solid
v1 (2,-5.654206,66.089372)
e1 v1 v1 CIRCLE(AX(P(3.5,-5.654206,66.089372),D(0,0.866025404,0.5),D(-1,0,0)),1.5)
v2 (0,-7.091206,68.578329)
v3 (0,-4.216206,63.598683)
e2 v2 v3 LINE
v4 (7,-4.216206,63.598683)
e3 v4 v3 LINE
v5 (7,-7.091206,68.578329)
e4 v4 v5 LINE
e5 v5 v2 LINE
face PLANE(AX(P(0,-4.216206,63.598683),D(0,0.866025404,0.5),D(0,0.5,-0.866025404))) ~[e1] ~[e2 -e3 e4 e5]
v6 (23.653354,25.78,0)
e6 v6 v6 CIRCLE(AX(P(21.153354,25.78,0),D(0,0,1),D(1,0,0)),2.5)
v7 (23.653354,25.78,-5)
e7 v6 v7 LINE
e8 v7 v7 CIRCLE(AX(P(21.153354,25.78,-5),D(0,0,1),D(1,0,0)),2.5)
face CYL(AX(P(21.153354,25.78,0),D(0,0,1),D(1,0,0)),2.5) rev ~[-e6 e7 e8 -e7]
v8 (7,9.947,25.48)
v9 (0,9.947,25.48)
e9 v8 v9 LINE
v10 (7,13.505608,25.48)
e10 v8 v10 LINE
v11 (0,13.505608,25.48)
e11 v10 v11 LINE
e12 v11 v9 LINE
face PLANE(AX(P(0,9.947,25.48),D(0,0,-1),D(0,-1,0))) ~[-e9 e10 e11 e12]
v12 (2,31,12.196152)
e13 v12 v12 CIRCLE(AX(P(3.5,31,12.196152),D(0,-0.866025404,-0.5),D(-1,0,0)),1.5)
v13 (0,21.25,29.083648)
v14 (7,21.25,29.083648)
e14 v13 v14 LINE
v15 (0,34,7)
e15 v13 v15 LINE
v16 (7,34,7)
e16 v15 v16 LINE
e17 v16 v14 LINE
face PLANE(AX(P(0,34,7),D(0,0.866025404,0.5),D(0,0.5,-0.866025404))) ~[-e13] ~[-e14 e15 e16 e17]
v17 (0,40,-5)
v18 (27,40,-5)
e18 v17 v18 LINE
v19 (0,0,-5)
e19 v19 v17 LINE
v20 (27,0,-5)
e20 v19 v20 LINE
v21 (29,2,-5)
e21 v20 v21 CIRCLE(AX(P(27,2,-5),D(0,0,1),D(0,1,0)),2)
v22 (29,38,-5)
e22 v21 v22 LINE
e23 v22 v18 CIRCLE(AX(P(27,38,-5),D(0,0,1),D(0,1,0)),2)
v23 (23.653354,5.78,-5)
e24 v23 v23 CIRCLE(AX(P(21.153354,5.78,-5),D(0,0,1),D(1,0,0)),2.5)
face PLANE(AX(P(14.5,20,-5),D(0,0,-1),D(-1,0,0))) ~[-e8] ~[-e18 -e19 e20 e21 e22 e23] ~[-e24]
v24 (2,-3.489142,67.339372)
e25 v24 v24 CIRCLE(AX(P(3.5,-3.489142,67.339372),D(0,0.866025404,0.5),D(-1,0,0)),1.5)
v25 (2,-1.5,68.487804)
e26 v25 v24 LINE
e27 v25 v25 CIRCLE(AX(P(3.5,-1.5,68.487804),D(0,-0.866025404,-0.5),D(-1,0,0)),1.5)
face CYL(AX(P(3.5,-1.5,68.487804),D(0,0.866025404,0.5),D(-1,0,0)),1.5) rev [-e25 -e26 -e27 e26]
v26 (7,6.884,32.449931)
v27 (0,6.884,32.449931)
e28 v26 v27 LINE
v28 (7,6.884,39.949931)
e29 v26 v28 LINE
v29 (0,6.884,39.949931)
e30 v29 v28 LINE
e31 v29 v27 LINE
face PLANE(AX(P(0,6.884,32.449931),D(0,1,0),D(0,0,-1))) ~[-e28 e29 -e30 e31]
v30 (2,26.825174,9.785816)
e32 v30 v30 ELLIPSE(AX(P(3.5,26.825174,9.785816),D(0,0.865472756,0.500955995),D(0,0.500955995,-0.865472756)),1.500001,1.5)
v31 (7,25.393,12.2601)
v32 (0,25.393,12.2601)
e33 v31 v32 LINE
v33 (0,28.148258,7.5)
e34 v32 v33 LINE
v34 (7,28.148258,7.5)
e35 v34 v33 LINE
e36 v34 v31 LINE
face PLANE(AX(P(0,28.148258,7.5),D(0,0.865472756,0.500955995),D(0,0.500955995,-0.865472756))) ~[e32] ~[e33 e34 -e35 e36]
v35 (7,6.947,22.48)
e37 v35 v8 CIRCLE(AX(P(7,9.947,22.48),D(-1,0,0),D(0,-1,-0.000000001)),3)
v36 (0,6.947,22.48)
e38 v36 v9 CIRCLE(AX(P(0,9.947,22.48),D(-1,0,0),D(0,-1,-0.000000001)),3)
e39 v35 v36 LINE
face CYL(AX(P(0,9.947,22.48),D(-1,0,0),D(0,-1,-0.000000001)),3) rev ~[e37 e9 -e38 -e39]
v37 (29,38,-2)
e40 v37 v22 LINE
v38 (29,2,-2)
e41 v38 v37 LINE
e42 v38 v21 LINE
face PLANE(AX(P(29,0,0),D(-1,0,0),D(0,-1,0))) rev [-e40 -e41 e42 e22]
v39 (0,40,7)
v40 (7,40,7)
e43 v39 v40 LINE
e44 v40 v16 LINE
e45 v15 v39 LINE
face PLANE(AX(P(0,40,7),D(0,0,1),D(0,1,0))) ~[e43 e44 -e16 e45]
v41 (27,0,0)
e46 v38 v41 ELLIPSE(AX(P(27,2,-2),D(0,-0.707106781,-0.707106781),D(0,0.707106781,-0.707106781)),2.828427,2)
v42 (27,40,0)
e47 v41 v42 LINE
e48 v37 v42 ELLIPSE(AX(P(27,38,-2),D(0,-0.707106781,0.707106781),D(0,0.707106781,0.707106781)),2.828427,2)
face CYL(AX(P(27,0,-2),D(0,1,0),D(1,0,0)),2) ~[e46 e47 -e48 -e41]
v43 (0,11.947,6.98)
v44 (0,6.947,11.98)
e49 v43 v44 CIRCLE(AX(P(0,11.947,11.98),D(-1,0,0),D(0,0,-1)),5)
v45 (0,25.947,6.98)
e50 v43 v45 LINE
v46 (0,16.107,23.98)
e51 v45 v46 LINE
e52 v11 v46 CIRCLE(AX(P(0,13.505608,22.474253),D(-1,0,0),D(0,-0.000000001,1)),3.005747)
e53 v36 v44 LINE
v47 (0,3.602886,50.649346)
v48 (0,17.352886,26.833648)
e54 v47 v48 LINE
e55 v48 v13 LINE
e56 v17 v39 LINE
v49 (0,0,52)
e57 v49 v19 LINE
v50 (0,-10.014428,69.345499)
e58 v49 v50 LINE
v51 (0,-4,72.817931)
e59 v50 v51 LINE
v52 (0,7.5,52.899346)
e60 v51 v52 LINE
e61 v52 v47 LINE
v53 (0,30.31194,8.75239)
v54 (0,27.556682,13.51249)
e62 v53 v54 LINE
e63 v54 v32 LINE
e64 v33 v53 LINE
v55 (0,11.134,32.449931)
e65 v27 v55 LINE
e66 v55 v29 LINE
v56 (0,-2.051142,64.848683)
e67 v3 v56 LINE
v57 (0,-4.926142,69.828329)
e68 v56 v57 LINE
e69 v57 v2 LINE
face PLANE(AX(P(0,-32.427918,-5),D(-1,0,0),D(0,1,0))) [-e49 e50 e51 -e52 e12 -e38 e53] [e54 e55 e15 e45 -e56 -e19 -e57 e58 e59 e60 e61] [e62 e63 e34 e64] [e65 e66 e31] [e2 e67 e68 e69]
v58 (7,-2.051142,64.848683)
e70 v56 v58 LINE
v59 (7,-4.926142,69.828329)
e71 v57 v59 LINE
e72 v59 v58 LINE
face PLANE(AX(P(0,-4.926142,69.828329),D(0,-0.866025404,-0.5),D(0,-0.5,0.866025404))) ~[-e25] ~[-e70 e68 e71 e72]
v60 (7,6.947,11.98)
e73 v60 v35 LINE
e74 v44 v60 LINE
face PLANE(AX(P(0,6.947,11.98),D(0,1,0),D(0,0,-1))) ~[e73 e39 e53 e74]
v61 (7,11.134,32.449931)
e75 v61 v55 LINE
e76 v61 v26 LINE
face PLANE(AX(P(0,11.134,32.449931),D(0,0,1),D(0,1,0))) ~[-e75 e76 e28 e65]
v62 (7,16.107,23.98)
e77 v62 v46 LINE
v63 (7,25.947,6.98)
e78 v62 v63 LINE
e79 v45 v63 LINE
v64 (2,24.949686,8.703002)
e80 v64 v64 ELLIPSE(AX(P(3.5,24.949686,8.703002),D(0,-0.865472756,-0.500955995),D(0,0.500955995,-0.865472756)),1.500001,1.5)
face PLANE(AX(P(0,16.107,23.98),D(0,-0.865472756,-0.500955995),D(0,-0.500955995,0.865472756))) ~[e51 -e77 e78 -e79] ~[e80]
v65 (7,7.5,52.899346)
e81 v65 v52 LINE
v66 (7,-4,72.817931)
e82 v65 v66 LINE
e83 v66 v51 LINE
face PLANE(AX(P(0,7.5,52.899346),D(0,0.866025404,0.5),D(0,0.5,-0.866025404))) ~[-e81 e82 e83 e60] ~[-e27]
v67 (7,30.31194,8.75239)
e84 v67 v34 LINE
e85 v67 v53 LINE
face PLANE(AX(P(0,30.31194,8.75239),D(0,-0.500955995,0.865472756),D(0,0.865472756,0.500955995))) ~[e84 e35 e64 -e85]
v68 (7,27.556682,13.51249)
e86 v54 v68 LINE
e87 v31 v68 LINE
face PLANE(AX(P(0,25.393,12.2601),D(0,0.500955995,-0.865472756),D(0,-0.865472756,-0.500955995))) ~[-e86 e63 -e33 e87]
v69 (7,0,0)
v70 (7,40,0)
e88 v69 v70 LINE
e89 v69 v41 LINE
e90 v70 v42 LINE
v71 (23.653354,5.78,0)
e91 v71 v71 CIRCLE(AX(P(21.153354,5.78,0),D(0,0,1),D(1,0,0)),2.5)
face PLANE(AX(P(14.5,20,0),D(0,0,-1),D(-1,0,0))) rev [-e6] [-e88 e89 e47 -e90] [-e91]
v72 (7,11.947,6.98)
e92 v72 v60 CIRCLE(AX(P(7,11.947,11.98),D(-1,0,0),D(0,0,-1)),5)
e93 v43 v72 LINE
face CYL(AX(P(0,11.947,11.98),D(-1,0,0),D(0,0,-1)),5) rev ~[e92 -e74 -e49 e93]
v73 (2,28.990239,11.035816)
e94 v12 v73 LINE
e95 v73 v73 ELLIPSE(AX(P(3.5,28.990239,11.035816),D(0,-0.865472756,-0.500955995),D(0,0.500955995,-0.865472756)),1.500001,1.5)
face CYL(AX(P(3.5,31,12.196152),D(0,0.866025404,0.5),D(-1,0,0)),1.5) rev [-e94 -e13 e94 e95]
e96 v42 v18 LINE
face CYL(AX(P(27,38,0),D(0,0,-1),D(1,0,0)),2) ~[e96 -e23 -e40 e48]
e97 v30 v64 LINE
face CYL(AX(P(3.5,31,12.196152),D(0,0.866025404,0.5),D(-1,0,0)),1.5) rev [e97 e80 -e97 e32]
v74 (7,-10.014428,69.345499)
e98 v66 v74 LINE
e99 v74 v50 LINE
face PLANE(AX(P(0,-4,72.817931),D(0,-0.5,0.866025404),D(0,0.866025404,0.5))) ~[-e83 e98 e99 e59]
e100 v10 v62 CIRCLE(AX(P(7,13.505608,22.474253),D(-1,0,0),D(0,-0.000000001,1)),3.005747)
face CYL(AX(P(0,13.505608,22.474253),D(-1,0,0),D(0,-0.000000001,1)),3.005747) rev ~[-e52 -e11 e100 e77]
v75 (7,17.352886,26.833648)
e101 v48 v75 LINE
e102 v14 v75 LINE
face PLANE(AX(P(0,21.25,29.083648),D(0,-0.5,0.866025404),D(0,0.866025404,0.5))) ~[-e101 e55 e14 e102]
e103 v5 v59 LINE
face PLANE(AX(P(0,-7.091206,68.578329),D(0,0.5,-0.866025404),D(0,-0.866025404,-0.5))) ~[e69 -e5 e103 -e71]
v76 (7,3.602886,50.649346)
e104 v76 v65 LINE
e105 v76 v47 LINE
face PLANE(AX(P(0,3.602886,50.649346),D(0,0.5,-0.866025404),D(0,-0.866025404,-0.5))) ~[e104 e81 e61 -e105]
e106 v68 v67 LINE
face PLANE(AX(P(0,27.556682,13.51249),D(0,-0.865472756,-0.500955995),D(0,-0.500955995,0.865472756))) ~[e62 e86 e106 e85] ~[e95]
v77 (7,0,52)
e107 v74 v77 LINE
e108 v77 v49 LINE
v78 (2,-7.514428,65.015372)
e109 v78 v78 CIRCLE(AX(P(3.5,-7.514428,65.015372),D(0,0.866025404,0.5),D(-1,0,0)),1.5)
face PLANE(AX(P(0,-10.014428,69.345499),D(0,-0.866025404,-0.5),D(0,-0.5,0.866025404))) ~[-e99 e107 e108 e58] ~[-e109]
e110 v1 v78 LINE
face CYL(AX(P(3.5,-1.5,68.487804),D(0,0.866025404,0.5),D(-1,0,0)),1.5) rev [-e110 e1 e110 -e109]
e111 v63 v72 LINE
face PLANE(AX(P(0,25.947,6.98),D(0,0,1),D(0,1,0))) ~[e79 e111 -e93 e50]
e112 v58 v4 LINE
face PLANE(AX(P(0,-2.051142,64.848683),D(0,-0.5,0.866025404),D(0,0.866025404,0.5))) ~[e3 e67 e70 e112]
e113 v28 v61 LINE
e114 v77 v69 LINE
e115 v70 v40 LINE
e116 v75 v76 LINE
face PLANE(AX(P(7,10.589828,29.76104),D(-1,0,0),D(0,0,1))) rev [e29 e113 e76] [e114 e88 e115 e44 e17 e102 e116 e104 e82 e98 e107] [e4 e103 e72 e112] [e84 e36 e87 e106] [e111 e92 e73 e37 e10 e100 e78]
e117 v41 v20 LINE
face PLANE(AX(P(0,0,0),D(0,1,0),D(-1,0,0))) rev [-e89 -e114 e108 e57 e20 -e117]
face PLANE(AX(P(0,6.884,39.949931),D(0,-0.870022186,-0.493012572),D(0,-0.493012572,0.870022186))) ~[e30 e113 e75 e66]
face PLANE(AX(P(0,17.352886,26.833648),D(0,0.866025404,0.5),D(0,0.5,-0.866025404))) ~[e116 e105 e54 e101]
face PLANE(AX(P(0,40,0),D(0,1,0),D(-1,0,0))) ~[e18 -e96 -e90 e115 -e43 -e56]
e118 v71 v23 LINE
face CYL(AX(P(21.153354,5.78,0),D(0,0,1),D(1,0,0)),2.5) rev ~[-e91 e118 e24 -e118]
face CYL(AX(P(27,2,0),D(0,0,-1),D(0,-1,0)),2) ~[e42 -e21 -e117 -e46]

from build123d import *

# Parameters (mm, degrees)
BOSS_EXTRUDE1_DEPTH  = 7
SKETCH2_W            = 29
SKETCH2_H            = 40
SKETCH2_R            = 2.5
BOSS_EXTRUDE2_DEPTH  = 5
FILLET1_R            = 2
SKETCH3_R            = 1.5
CUT_EXTRUDE1_DEPTH   = 7.5
FILLET1_OF_MIRROR1_R = 2
SKETCH4_W            = 36.671322753
SKETCH4_H            = 72.42791828
CUT_EXTRUDE2_DEPTH   = 78.817930688


with BuildPart() as part:
    # Sketch1 → Boss-Extrude1 (new body)
    with BuildSketch(Plane(origin=(0, 0, 0), x_dir=(0, 0, -1), z_dir=(1, 0, 0))):
        Polygon((0, 0), (0, 40), (-7, 40), (-7, 34), (-29.083647797, 21.25), (-26.833647797, 17.352885683), (-50.649346401, 3.602885683), (-52.899346401, 7.5), (-72.817930688, -4), (-69.345498823, -10.014428415), (-52, 0), align=None)
        Polygon((-69.828328815, -4.926142338), (-64.848682743, -2.051142338), (-63.598682743, -4.216205848), (-68.578328815, -7.091205848), align=None, mode=Mode.SUBTRACT)
        Polygon((-39.949930688, 6.884), (-32.449930688, 11.134), (-32.449930688, 6.884), align=None, mode=Mode.SUBTRACT)
        with BuildLine():
            Line((-6.98, 25.947), (-6.98, 11.947))
            ThreePointArc((-6.98, 11.947), (-8.444466094, 8.411466094), (-11.98, 6.947))
            Line((-11.98, 6.947), (-22.48, 6.947))
            ThreePointArc((-22.48, 6.947), (-24.601320344, 7.825679656), (-25.48, 9.947))
            Line((-25.48, 9.947), (-25.48, 13.505607896))
            ThreePointArc((-25.48, 13.505607896), (-25.078135635, 15.007043949), (-23.98, 16.107))
            Line((-23.98, 16.107), (-6.98, 25.947))
        make_face(mode=Mode.SUBTRACT)
        Polygon((-13.512490144, 27.556681889), (-8.752389988, 30.311939862), (-7.5, 28.148257973), (-12.260100157, 25.393), align=None, mode=Mode.SUBTRACT)
    boss_extrude1 = extrude(amount=-BOSS_EXTRUDE1_DEPTH)

    # Sketch2 → Boss-Extrude2 (add)
    with BuildSketch(Plane(origin=(0, 0, 0), x_dir=(-1, 0, 0), z_dir=(0, 0, -1))):
        with Locations((14.5, 20)):
            Rectangle(SKETCH2_W, SKETCH2_H)
        with Locations((21.15335434, 25.78)):
            Circle(SKETCH2_R, mode=Mode.SUBTRACT)
        with Locations((21.15335434, 5.78)):
            Circle(SKETCH2_R, mode=Mode.SUBTRACT)
    boss_extrude2 = extrude(amount=BOSS_EXTRUDE2_DEPTH)

    # Fillet1
    fillet1_edges = [part.edges().sort_by_distance(p)[0] for p in [
        (-29, 20, 0),
        (-29, 0, -2.5),
        (-29, 40, -2.5),
    ]]
    fillet(fillet1_edges, radius=FILLET1_R)

    # Sketch3 → Cut-Extrude1 (cut)
    with BuildSketch(Plane(origin=(0, 28.531088913, 16.472431864), x_dir=(1, 0, 0), z_dir=(0, 0.866025404, 0.5))):
        with Locations((-3.5, 4.937822174)):
            Circle(SKETCH3_R)
        with Locations((-3.5, -60.062177826)):
            Circle(SKETCH3_R)
    cut_extrude1 = extrude(amount=-CUT_EXTRUDE1_DEPTH, mode=Mode.SUBTRACT)

    # Mirror1: Boss-Extrude1, Boss-Extrude2, Cut-Extrude1 across plane
    add(boss_extrude1.mirror(Plane(origin=(0, 0, 0), x_dir=(0, 0, 1), z_dir=(1, 0, 0))))
    add(boss_extrude2.mirror(Plane(origin=(0, 0, 0), x_dir=(0, 0, 1), z_dir=(1, 0, 0))))
    add(cut_extrude1.mirror(Plane(origin=(0, 0, 0), x_dir=(0, 0, 1), z_dir=(1, 0, 0))), mode=Mode.SUBTRACT)

    # Fillet1 of Mirror1
    fillet1_of_mirror1_edges = [part.edges().sort_by_distance(p)[0] for p in [
        (29, 20, 0),
        (29, 0, -2.5),
        (29, 40, -2.5),
    ]]
    fillet(fillet1_of_mirror1_edges, radius=FILLET1_OF_MIRROR1_R)

    # Sketch4 → Cut-Extrude2 (cut, through all)
    with BuildSketch(Plane(origin=(0, 0, -5), x_dir=(-1, 0, 0), z_dir=(0, 0, -1))):
        with Locations((18.335661377, 3.78604086)):
            Rectangle(SKETCH4_W, SKETCH4_H)
    extrude(amount=-CUT_EXTRUDE2_DEPTH, mode=Mode.SUBTRACT)


solid = part.part
